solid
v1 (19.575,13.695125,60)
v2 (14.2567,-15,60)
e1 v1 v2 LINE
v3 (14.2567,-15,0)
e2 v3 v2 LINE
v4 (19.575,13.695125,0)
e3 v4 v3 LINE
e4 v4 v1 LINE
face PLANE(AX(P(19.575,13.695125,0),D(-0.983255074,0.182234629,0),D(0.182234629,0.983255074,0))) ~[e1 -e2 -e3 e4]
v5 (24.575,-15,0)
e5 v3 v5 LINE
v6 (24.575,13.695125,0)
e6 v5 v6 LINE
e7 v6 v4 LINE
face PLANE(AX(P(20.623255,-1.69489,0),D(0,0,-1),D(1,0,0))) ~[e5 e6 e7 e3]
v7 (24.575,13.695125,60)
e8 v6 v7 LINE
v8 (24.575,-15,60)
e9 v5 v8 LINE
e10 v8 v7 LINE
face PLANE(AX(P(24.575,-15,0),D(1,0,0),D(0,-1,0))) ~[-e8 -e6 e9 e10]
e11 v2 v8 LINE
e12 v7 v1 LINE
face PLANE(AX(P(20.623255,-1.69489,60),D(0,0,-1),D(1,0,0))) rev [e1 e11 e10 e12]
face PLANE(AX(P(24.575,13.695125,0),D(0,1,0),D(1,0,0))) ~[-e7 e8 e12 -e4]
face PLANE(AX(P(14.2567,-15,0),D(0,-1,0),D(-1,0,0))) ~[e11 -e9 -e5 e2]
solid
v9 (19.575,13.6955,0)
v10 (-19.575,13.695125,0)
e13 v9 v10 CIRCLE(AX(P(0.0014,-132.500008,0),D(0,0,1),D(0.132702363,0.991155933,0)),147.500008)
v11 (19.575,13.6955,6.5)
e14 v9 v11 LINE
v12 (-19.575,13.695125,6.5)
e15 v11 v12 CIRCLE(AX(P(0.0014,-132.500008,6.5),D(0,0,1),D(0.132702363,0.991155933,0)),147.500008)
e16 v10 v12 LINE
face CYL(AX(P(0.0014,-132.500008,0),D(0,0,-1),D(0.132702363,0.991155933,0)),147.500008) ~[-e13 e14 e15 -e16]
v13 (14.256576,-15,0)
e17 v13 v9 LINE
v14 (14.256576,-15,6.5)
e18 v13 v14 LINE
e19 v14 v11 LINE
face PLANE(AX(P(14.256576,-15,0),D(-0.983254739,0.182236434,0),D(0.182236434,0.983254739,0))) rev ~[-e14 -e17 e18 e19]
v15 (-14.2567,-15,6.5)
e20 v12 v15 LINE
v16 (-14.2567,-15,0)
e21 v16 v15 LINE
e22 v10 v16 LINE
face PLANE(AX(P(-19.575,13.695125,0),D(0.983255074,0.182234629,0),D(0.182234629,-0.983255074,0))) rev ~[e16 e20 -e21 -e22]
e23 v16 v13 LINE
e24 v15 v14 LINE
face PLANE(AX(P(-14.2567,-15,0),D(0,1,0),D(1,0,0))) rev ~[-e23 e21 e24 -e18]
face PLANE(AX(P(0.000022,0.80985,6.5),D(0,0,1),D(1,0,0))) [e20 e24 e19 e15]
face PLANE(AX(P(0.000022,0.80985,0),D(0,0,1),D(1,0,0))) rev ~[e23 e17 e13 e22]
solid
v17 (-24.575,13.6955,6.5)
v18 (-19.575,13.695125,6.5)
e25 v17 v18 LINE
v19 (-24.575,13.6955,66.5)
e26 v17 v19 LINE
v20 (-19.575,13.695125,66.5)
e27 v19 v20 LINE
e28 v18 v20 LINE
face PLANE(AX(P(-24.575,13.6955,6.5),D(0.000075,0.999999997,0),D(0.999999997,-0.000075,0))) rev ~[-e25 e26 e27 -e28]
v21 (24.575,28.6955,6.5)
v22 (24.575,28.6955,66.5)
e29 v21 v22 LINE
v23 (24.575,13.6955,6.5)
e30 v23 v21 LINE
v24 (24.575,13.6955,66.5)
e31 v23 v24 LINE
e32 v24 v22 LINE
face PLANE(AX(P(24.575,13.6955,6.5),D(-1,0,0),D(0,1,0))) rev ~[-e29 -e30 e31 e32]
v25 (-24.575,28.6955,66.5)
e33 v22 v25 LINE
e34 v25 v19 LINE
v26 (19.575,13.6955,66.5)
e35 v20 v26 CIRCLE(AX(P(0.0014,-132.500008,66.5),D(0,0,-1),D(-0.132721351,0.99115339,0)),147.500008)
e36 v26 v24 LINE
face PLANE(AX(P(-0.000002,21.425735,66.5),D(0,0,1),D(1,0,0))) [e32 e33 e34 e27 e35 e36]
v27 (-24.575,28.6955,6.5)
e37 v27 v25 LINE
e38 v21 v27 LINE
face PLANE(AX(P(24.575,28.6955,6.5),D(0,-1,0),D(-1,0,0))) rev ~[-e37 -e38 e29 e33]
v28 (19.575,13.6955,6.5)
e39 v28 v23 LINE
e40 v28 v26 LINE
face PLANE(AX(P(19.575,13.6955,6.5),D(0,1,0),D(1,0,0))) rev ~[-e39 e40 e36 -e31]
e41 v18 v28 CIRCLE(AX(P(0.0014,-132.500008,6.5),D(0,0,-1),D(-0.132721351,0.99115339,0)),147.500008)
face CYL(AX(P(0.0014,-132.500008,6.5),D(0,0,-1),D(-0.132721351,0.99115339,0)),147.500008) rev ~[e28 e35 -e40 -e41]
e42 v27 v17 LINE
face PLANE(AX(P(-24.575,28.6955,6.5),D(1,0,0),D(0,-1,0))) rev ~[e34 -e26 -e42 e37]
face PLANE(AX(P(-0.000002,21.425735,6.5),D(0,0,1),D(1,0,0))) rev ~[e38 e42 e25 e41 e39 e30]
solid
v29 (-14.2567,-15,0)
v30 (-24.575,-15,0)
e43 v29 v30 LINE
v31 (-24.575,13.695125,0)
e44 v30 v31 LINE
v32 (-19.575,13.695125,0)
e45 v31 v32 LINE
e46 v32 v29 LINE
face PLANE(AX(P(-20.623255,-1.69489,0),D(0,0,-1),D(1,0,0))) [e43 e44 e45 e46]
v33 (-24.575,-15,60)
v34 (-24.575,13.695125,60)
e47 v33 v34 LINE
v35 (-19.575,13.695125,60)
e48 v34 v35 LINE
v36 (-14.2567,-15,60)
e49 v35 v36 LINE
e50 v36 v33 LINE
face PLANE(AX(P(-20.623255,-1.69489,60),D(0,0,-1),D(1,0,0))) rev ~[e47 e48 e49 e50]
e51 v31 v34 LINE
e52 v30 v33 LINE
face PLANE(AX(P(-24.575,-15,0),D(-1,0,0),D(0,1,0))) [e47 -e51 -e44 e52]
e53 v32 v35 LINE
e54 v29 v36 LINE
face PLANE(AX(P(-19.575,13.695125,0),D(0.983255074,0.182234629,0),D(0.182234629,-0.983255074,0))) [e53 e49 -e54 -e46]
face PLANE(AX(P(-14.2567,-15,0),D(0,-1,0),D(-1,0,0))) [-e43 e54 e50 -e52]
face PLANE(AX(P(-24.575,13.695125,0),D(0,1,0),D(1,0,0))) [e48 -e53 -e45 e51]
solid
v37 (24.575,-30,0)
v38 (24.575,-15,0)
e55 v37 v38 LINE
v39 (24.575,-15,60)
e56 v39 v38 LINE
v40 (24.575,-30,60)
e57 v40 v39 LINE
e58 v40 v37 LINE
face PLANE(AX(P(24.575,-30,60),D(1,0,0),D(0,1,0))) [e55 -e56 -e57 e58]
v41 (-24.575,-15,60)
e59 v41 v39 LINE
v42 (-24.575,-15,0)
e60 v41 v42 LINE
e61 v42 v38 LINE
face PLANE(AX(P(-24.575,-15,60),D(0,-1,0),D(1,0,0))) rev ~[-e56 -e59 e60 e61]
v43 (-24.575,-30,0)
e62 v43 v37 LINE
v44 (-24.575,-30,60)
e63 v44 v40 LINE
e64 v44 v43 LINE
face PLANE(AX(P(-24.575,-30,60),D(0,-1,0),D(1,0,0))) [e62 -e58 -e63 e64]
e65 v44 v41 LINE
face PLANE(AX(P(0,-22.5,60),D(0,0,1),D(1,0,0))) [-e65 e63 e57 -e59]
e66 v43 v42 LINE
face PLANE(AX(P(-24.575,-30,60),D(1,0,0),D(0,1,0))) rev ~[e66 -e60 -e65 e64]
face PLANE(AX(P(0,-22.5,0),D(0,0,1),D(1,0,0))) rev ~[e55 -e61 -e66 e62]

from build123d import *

# Parameters (mm, degrees)
F1_DEPTH = 6.5
F3_DEPTH = 60
F6_DEPTH = 60
F7_W     = 49.15
F7_H     = 15
F8_DEPTH = 60


with BuildPart() as f1:
    # F0 (on Top) → F1 (new body)
    with BuildSketch(Plane.XY):
        with BuildLine():
            Line((-14.2567, -15), (14.256576, -15))
            Line((14.256576, -15), (19.575, 13.6955))
            ThreePointArc((19.575, 13.6955), (-1.3e-05, 15), (-19.575, 13.695125))
            Line((-19.575, 13.695125), (-14.2567, -15))
        make_face()
    extrude(amount=F1_DEPTH)


with BuildPart() as f3:
    # F2 (on face) → F3 (new body)
    with BuildSketch(Plane(origin=(0, 0, 0), x_dir=(1, 0, 0), z_dir=(0, 0, -1))):
        Polygon((-14.2567, 15), (-19.575, 15), (-24.575, 15), (-24.575, -13.695125), (-19.575, -13.695125), align=None)
    extrude(amount=-F3_DEPTH)


with BuildPart() as f4_1:
    # F4: instance of F3
    add(f3.part.mirror(Plane.YZ))


with BuildPart() as f6:
    # F5 (on face) → F6 (new body)
    with BuildSketch(Plane.XY.offset(6.5)):
        with BuildLine():
            ThreePointArc((-19.575, 13.695125), (-1.3e-05, 15), (19.575, 13.6955))
            Line((19.575, 13.6955), (24.575, 13.6955))
            Line((24.575, 13.6955), (24.575, 28.6955))
            Line((24.575, 28.6955), (-24.575, 28.6955))
            Line((-24.575, 28.6955), (-24.575, 13.6955))
            Line((-24.575, 13.6955), (-19.575, 13.695125))
        make_face()
    extrude(amount=F6_DEPTH)


with BuildPart() as f8:
    # F7 (on face) → F8 (new body)
    with BuildSketch(Plane.XY.offset(60)):
        with Locations((0, -22.5)):
            Rectangle(F7_W, F7_H)
    extrude(amount=-F8_DEPTH)


solid = Compound([f1.part, f3.part, f4_1.part, f6.part, f8.part])
